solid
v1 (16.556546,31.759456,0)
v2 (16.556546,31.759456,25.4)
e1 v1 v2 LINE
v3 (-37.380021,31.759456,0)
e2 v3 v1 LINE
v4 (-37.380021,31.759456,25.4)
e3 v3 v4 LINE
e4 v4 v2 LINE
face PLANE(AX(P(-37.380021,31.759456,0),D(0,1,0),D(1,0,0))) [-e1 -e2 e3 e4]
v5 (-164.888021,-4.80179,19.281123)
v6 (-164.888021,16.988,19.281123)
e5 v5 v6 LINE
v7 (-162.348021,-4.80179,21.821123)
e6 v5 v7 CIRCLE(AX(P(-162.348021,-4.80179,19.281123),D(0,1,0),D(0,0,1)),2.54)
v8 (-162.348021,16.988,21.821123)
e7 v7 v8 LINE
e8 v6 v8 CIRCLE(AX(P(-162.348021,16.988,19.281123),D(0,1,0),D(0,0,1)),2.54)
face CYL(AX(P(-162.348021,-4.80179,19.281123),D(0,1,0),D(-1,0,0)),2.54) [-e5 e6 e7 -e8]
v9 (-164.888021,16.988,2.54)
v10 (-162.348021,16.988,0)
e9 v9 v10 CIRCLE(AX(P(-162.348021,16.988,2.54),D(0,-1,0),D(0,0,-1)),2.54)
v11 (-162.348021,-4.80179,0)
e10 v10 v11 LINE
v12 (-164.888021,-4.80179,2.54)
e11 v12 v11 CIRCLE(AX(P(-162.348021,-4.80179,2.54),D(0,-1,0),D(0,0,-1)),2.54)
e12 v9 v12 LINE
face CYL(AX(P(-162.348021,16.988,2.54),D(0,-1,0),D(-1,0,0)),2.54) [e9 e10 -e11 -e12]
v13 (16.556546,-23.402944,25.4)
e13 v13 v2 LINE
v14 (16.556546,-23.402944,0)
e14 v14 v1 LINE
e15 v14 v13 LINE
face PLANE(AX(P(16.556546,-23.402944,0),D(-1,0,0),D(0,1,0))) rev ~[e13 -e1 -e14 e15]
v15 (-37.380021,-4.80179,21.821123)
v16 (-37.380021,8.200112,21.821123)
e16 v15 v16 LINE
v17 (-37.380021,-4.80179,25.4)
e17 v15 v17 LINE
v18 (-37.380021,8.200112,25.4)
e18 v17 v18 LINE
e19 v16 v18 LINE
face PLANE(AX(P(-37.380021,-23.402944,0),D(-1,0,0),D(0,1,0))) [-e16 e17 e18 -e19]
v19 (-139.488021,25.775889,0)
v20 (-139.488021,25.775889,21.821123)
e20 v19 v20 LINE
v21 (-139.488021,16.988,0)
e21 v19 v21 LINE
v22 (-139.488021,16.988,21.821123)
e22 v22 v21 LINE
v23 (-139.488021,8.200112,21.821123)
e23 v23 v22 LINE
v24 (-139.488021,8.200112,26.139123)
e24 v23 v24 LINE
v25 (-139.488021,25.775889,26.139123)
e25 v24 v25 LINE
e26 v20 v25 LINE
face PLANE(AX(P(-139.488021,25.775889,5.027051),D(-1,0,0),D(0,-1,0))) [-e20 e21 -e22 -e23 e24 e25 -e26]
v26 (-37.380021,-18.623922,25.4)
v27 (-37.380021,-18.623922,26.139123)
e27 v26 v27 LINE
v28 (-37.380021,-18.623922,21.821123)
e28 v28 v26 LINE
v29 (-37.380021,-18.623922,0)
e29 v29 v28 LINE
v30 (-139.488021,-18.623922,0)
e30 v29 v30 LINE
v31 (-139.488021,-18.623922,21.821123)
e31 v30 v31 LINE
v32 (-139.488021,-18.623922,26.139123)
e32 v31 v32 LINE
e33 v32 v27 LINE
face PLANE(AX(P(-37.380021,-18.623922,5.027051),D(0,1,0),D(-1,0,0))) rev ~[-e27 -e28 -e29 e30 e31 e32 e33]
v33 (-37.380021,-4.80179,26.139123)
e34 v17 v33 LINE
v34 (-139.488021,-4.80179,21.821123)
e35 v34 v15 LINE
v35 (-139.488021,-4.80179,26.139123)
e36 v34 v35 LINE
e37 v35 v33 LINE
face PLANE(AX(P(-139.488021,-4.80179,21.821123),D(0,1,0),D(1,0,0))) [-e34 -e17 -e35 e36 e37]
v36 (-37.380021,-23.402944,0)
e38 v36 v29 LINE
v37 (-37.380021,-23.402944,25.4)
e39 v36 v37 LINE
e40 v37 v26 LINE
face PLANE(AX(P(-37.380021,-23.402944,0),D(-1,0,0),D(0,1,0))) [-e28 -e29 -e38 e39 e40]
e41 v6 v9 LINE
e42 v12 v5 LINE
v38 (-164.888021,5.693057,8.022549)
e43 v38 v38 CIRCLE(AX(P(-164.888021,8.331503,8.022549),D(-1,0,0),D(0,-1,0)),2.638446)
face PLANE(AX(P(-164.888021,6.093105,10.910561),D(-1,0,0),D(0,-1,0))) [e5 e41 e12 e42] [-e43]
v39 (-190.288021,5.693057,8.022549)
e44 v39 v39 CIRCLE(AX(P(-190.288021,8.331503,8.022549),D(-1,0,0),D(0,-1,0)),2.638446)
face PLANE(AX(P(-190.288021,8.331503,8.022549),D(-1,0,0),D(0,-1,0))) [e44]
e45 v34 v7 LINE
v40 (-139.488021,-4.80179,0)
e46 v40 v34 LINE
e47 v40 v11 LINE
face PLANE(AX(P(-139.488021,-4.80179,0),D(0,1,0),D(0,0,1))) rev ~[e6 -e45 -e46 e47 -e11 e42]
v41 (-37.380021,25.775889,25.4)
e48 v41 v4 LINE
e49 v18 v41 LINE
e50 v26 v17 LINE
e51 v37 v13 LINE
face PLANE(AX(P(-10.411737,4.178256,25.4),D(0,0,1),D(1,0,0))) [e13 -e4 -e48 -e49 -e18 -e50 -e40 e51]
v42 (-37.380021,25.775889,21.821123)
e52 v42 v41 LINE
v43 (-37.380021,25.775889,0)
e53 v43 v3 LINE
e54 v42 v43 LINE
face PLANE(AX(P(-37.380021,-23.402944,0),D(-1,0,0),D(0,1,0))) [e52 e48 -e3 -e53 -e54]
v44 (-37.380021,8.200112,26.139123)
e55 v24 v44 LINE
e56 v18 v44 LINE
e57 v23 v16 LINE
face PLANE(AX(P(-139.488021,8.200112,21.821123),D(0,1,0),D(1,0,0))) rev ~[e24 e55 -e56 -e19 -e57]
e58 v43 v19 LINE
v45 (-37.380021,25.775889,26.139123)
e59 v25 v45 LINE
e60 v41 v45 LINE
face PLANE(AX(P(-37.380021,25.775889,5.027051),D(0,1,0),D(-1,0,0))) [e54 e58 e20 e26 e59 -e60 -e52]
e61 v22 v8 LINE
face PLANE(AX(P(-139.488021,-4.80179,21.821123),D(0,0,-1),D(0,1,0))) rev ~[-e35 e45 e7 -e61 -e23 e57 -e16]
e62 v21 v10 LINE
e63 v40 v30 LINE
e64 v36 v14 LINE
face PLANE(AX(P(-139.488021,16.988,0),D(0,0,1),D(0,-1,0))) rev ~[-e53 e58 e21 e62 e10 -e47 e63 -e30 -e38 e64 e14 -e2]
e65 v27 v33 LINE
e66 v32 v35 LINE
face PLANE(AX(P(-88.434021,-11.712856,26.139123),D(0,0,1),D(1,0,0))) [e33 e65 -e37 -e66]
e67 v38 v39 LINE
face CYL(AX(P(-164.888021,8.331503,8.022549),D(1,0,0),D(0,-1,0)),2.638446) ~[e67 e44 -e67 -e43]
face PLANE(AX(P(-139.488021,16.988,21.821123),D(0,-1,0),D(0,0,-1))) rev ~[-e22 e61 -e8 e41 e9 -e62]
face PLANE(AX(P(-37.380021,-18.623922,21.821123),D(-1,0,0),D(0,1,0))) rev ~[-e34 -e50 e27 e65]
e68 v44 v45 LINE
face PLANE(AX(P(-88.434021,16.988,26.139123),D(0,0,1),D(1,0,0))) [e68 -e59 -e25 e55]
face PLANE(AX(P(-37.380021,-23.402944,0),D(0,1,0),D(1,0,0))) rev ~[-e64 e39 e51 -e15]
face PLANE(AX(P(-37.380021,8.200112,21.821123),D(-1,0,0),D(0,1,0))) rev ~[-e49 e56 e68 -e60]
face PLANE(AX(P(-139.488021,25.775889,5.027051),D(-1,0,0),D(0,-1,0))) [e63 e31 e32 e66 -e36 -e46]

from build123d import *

# Parameters (mm, degrees)
F0_W      = 53.9365671575
F0_H      = 55.1624000072
F1_DEPTH  = 25.4
F2_W      = 18.6239220202
F2_H      = 16.7940715328
F2_W_2    = 25.7758889347
F3_DEPTH  = 102.108
F4_W      = 102.108
F4_H      = 13.8221322559
F4_H_2    = 17.5757771358
F5_DEPTH  = 4.318
F6_DEPTH  = 5.0270510837
F8_DEPTH  = 25.4
F9_R      = 2.6384462804
F10_DEPTH = 25.4
F11_R     = 2.54
F12_R     = 2.54


with BuildPart() as f1:
    # F0 (on Top) → F1 (new body)
    with BuildSketch(Plane.XY):
        with Locations((-10.4117374867, 4.1782557964)):
            Rectangle(F0_W, F0_H)
    extrude(amount=F1_DEPTH)

    # F2 (on face) → F3 (join)
    with BuildSketch(Plane(origin=(-37.3800210655, 0, 0), x_dir=(0, -1, 0), z_dir=(-1, 0, 0))):
        with Locations((9.3119610101, 13.4240868501)):
            Rectangle(F2_W, F2_H)
        with Locations((-12.8879444674, 13.4240868501)):
            Rectangle(F2_W_2, F2_H)
    extrude(amount=F3_DEPTH)

    # F4 (on face) → F5 (join)
    with BuildSketch(Plane.XY.offset(21.8211226165)):
        with Locations((-88.4340210655, -11.7128558923)):
            Rectangle(F4_W, F4_H)
        with Locations((-88.4340210655, 16.9880003668)):
            Rectangle(F4_W, F4_H_2)
    extrude(amount=F5_DEPTH)

    # F6 (add, through all): a face of the model
    f6_faces = [f1.faces().sort_by_distance(p)[0] for p in [
        (-88.4340210655, 3.5759834573, 5.0270510837),
    ]]
    extrude(f6_faces, amount=F6_DEPTH)

    # F7 (on face) → F8 (join)
    with BuildSketch(Plane(origin=(-139.4880210655, 0, 0), x_dir=(0, -1, 0), z_dir=(-1, 0, 0))):
        Polygon((-16.9880003668, 0), (4.8017897643, 0), (4.8017897643, 21.8211226165), (-8.2001117989, 21.8211226165), (-16.9880003668, 21.8211226165), align=None)
    extrude(amount=F8_DEPTH)

    # F9 (on face) → F10 (join)
    with BuildSketch(Plane(origin=(-164.8880210655, 0, 0), x_dir=(0, -1, 0), z_dir=(-1, 0, 0))):
        with Locations((-8.3315027878, 8.0225486308)):
            Circle(F9_R)
    extrude(amount=F10_DEPTH)

    # F11
    f11_edges = [f1.edges().sort_by_distance(p)[0] for p in [
        (-164.888021, 6.093105, 21.821123),
    ]]
    fillet(f11_edges, radius=F11_R)

    # F12
    f12_edges = [f1.edges().sort_by_distance(p)[0] for p in [
        (-164.888021, 6.093105, 0),
    ]]
    fillet(f12_edges, radius=F12_R)


solid = f1.part
